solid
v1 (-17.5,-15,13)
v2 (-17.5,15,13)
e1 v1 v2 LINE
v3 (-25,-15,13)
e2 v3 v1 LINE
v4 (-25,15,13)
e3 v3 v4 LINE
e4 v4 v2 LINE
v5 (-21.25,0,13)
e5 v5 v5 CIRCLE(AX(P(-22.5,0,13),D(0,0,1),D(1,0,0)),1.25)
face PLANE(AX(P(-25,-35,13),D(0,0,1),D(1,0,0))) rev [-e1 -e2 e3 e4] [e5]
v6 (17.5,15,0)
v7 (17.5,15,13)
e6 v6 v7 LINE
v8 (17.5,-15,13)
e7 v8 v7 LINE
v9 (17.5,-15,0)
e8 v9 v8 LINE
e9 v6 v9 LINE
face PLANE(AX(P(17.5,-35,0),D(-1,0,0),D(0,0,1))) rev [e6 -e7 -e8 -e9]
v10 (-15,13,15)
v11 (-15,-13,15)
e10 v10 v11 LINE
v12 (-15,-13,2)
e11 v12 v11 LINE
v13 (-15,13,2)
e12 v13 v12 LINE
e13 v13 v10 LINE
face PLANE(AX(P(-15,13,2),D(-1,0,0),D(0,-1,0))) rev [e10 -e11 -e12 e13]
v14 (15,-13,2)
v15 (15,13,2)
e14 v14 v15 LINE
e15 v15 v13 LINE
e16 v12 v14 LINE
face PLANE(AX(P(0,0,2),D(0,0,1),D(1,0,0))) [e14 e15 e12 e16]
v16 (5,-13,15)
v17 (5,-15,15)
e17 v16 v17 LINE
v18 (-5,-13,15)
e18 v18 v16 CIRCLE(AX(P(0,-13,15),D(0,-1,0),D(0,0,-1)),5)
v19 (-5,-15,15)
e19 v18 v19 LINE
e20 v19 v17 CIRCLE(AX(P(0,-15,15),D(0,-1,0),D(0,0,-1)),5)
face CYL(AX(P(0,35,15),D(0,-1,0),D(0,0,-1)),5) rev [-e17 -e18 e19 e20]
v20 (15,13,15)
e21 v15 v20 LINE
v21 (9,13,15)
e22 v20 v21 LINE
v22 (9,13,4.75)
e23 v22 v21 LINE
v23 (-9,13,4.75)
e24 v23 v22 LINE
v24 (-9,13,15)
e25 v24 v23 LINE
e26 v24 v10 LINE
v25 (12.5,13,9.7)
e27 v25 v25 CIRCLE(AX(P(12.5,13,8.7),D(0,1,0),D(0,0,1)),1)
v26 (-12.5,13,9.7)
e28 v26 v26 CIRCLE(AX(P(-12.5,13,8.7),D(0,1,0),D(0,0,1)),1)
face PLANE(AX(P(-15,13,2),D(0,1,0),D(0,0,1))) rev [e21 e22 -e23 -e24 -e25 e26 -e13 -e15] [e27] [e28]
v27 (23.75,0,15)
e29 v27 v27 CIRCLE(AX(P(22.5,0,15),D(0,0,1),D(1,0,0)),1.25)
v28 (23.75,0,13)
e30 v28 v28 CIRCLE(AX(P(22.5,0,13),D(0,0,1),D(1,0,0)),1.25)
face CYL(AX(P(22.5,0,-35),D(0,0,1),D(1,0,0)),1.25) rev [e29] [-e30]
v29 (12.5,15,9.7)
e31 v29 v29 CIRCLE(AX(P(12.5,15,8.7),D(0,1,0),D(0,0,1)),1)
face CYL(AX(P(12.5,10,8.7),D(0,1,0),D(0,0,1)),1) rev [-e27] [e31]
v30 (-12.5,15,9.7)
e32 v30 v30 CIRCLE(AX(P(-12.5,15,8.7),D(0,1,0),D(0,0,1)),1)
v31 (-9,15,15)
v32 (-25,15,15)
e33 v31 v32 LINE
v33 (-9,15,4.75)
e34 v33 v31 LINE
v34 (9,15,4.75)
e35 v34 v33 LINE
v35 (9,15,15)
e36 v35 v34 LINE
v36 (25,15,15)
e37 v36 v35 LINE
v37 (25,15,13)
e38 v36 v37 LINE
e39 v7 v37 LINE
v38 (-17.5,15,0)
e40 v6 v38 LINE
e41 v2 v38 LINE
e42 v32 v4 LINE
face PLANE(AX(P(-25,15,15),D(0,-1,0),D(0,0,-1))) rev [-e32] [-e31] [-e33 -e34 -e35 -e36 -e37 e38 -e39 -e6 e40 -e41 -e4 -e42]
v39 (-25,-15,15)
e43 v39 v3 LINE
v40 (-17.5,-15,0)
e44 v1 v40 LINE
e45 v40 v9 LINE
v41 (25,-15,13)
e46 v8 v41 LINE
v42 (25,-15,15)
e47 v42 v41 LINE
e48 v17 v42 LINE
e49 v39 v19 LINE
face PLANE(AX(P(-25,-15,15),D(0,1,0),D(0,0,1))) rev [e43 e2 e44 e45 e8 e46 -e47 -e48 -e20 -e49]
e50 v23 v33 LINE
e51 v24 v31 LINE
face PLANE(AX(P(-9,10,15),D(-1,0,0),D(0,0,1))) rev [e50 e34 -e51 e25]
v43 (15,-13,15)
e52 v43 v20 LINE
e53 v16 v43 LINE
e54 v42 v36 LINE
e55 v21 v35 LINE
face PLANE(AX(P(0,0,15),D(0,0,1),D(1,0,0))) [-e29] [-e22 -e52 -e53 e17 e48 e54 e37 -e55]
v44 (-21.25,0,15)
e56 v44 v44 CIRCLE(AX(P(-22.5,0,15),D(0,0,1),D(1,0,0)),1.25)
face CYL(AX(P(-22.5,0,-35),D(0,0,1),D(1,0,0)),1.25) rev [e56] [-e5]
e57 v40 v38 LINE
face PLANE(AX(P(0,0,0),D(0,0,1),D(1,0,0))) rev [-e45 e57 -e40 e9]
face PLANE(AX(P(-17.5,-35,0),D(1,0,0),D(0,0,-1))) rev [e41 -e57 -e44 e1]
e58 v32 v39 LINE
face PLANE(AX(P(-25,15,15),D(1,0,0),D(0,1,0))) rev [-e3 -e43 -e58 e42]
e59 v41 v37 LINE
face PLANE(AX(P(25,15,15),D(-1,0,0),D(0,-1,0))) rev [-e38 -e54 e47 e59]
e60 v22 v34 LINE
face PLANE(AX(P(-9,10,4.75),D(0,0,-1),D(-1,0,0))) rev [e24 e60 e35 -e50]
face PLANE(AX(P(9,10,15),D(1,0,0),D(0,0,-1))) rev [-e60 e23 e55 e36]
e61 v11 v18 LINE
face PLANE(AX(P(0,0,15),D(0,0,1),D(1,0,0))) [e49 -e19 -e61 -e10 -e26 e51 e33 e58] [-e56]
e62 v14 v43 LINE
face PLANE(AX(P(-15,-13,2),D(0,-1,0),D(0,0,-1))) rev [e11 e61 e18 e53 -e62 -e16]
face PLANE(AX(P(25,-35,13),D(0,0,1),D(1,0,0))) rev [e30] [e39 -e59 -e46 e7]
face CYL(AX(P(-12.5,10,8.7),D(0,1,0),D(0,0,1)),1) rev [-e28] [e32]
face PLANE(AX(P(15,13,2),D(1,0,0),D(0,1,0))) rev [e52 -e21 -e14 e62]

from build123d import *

# Parameters (mm, degrees)
SKETCH_1_W             = 50
SKETCH_1_H             = 30
EXTRUDE_1_DEPTH        = 15
SKETCH_2_W             = 18
SKETCH_2_H             = 10.25
CUT_EXTRUDE_1_DEPTH    = 5
SKETCH_3_W             = 30
SKETCH_3_H             = 26
CUT_EXTRUDE_2_DEPTH    = 13
SKETCH_4_W             = 7.5
SKETCH_4_H             = 13
CUT_EXTRUDE_3_DEPTH    = 50
SKETCH_5_W             = 7.5
SKETCH_5_H             = 13
CUT_EXTRUDE_4_DEPTH    = 50
CUT_EXTRUDE_5_DEPTH    = 50
SKETCH_7_R             = 1.25
CUT_EXTRUDE_6_DEPTH    = 50
PATTERN_LINEAR_1_COUNT = 2
PATTERN_LINEAR_1_PITCH = 45
SKETCH_8_R             = 1
CUT_EXTRUDE_7_DEPTH    = 5
PATTERN_LINEAR_2_COUNT = 2
PATTERN_LINEAR_2_PITCH = 25


with BuildPart() as part:
    # Эскиз1 → Бобышка-Вытянуть1 (new body)
    with BuildSketch(Plane.XY):
        Rectangle(SKETCH_1_W, SKETCH_1_H)
    extrude(amount=EXTRUDE_1_DEPTH)

    # Эскиз2 → Вырез-Вытянуть1 (cut)
    with BuildSketch(Plane(origin=(0, 15, 0), x_dir=(1, 0, 0), z_dir=(0, 1, 0))):
        with Locations((0, -9.875)):
            Rectangle(SKETCH_2_W, SKETCH_2_H)
    extrude(amount=-CUT_EXTRUDE_1_DEPTH, mode=Mode.SUBTRACT)

    # Эскиз3 → Вырез-Вытянуть2 (cut)
    with BuildSketch(Plane.XY.offset(15)):
        Rectangle(SKETCH_3_W, SKETCH_3_H)
    extrude(amount=-CUT_EXTRUDE_2_DEPTH, mode=Mode.SUBTRACT)

    # Эскиз4 → Вырез-Вытянуть3 (cut)
    with BuildSketch(Plane(origin=(0, 15, 0), x_dir=(1, 0, 0), z_dir=(0, 1, 0))):
        with Locations((-21.25, -6.5)):
            Rectangle(SKETCH_4_W, SKETCH_4_H)
    extrude(amount=-CUT_EXTRUDE_3_DEPTH, mode=Mode.SUBTRACT)

    # Эскиз5 → Вырез-Вытянуть4 (cut)
    with BuildSketch(Plane(origin=(0, 15, 0), x_dir=(1, 0, 0), z_dir=(0, 1, 0))):
        with Locations((21.25, -6.5)):
            Rectangle(SKETCH_5_W, SKETCH_5_H)
    extrude(amount=-CUT_EXTRUDE_4_DEPTH, mode=Mode.SUBTRACT)

    # Эскиз6 → Вырез-Вытянуть5 (cut)
    with BuildSketch(Plane.XZ.offset(15)):
        with BuildLine():
            Line((-5, 15), (5, 15))
            ThreePointArc((5, 15), (0, 10), (-5, 15))
        make_face()
    extrude(amount=-CUT_EXTRUDE_5_DEPTH, mode=Mode.SUBTRACT)

    # Эскиз7 → Вырез-Вытянуть6 (cut)
    with BuildSketch(Plane.XY.offset(15)):
        with Locations((22.5, 0)):
            Circle(SKETCH_7_R)
    cut_extrude_6 = extrude(amount=-CUT_EXTRUDE_6_DEPTH, mode=Mode.SUBTRACT)

    # Линейный массив1: Вырез-Вытянуть6 ×2
    with Locations(*[(-i * PATTERN_LINEAR_1_PITCH, 0, 0) for i in range(1, PATTERN_LINEAR_1_COUNT)]):
        add(cut_extrude_6, mode=Mode.SUBTRACT)

    # Эскиз8 → Вырез-Вытянуть7 (cut)
    with BuildSketch(Plane(origin=(0, 15, 0), x_dir=(1, 0, 0), z_dir=(0, 1, 0))):
        with Locations(Location((-12.5, -8.7, 0), (0, 0, 270))):
            Circle(SKETCH_8_R)
    cut_extrude_7 = extrude(amount=-CUT_EXTRUDE_7_DEPTH, mode=Mode.SUBTRACT)

    # Линейный массив2: Вырез-Вытянуть7 ×2
    with Locations(*[(i * PATTERN_LINEAR_2_PITCH, 0, 0) for i in range(1, PATTERN_LINEAR_2_COUNT)]):
        add(cut_extrude_7, mode=Mode.SUBTRACT)


solid = part.part
